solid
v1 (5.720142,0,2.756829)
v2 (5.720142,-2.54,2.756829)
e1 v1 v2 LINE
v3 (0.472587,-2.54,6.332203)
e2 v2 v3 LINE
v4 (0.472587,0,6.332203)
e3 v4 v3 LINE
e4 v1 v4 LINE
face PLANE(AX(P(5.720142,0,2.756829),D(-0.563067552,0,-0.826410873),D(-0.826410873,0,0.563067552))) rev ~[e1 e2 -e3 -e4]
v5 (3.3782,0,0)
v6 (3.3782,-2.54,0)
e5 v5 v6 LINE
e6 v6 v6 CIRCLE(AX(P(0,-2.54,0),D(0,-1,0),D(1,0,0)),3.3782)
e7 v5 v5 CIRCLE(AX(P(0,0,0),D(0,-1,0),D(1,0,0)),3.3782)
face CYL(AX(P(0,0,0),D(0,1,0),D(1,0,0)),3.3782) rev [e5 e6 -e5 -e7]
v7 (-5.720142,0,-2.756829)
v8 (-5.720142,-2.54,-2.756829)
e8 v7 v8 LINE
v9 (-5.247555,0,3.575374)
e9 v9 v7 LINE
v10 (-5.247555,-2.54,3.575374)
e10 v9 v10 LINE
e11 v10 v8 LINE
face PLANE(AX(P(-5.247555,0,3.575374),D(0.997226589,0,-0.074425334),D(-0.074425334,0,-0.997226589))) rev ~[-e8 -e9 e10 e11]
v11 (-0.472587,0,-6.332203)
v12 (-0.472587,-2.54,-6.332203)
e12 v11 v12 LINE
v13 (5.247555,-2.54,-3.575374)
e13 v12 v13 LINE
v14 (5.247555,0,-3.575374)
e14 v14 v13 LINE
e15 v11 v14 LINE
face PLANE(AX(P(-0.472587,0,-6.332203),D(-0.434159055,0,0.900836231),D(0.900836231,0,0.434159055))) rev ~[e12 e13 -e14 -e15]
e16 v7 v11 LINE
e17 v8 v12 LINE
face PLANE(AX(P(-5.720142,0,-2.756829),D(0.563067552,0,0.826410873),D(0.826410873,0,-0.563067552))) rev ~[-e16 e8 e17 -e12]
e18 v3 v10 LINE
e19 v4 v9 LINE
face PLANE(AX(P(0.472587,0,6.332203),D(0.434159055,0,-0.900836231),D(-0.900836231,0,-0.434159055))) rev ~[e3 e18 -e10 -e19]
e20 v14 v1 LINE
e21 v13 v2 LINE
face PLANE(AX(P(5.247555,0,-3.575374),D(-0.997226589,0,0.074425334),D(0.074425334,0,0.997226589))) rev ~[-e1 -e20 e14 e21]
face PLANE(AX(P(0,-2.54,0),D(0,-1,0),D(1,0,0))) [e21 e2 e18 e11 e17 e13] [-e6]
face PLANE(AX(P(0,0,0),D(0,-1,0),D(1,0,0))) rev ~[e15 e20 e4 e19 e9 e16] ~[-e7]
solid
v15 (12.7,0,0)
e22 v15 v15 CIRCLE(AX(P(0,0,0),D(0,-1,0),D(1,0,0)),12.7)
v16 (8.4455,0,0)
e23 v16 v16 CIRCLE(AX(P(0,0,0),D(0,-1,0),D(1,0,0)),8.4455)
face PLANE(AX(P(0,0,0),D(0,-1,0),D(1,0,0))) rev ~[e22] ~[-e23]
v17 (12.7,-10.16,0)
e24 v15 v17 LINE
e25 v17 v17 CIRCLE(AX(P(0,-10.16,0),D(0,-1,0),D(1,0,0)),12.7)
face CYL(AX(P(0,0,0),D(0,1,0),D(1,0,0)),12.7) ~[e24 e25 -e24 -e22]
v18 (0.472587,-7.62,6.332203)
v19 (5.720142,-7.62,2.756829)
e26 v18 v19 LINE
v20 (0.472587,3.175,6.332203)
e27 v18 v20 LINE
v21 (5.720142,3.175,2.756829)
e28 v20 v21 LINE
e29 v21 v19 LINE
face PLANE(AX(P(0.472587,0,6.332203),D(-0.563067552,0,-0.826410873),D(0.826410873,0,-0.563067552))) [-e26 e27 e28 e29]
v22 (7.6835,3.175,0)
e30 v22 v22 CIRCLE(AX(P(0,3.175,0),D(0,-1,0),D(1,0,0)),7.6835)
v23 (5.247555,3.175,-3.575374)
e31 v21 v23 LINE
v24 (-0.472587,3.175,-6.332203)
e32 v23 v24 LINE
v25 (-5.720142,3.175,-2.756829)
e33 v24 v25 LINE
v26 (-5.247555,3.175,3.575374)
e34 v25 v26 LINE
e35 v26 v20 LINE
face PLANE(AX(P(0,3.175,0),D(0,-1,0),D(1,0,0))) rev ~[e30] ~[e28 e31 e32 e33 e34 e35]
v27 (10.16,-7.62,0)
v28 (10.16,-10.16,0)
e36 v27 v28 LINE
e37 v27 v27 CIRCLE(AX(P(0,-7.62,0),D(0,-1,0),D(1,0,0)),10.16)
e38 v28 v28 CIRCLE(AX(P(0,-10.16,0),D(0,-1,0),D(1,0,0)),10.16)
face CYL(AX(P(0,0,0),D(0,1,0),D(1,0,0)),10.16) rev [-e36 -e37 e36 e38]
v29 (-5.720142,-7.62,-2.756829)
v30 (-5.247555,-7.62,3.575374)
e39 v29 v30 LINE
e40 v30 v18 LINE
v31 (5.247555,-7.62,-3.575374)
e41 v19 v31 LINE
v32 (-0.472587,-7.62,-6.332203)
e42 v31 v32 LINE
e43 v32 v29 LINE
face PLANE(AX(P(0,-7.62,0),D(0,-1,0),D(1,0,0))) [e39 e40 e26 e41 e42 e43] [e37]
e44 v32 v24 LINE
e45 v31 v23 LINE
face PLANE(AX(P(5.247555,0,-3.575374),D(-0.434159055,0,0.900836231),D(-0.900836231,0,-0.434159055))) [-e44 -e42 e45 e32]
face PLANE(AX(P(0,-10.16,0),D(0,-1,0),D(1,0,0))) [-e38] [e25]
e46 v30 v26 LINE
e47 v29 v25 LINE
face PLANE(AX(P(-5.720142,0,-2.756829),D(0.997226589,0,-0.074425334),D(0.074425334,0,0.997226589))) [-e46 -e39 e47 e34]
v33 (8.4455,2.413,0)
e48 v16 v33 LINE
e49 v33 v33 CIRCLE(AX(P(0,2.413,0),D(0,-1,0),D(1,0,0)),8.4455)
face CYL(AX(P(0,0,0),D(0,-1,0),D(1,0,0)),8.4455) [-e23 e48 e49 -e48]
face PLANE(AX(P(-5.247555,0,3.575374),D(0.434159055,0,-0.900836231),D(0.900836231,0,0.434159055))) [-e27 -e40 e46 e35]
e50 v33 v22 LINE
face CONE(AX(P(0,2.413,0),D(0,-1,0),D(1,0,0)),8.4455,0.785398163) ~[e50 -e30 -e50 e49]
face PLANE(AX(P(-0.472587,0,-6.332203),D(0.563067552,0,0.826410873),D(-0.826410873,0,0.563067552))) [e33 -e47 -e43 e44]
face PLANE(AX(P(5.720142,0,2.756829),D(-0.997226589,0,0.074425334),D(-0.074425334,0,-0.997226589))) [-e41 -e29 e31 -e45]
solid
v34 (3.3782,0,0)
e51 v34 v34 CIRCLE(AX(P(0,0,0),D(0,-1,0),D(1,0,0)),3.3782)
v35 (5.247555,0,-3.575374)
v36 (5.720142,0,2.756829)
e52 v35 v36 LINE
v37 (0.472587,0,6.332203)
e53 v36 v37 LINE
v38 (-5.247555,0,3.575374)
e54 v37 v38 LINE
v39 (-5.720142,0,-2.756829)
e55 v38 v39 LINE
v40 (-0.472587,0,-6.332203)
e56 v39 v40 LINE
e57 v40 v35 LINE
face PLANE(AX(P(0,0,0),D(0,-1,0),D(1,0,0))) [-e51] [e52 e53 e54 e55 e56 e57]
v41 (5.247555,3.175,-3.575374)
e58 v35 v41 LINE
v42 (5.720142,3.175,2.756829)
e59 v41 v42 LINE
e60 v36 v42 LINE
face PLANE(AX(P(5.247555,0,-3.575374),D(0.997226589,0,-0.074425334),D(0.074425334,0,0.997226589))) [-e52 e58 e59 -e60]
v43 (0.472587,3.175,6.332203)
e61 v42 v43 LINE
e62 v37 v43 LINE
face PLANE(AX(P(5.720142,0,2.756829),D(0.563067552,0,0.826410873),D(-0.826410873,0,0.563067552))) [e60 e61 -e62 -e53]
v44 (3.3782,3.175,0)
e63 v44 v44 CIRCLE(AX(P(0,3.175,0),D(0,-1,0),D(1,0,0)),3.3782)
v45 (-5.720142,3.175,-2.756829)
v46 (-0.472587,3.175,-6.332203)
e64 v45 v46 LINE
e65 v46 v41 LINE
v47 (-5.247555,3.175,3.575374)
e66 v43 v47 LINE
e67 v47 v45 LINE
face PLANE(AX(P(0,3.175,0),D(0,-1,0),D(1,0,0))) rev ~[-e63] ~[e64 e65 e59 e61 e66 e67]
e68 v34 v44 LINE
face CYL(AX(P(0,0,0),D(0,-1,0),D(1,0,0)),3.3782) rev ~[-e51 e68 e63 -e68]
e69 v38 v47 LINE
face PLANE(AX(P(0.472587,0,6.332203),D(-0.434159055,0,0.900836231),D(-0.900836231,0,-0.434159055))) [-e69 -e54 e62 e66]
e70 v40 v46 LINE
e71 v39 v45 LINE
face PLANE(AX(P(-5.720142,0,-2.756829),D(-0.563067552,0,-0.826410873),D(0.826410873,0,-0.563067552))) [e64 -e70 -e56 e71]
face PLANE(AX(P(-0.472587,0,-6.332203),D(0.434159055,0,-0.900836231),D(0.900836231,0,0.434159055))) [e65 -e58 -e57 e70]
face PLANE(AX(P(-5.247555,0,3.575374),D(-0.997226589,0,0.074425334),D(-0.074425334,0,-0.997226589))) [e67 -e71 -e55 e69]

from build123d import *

# Parameters (mm, degrees)
F0_R     = 12.7
F0_R_2   = 10.16
F1_DEPTH = 10.16
F0_R_3   = 8.4455
F2_DEPTH = 7.62
F3_DEPTH = 7.62
F4_DEPTH = 3.175
F0_R_4   = 3.3782
F5_DEPTH = 3.175
F6_DEPTH = 2.54
F7_SIZE  = 0.762


with BuildPart() as f1:
    # F0 (on Front) → F1 (new body)
    with BuildSketch(Plane.XZ):
        Circle(F0_R)
        Circle(F0_R_2, mode=Mode.SUBTRACT)
    extrude(amount=F1_DEPTH)

    # F0 (on Front) → F2 (join)
    with BuildSketch(Plane.XZ):
        Circle(F0_R_2)
        Circle(F0_R_3, mode=Mode.SUBTRACT)
    extrude(amount=F2_DEPTH)

    # F0 (on Front) → F3 (join)
    with BuildSketch(Plane.XZ):
        Circle(F0_R_3)
        Polygon((5.720142, 2.756829), (5.247555, -3.575374), (-0.472587, -6.332203), (-5.720142, -2.756829), (-5.247555, 3.575374), (0.472587, 6.332203), align=None, mode=Mode.SUBTRACT)
    extrude(amount=F3_DEPTH)

    # F0 (on Front) → F4 (join)
    with BuildSketch(Plane.XZ):
        Circle(F0_R_3)
        Polygon((5.720142, 2.756829), (5.247555, -3.575374), (-0.472587, -6.332203), (-5.720142, -2.756829), (-5.247555, 3.575374), (0.472587, 6.332203), align=None, mode=Mode.SUBTRACT)
    extrude(amount=-F4_DEPTH)

    # F7
    f7_edges = [f1.edges().sort_by_distance(p)[0] for p in [
        (-8.4455, 3.175, 0),
    ]]
    chamfer(f7_edges, length=F7_SIZE)


with BuildPart() as f5:
    # F0 (on Front) → F5 (new body)
    with BuildSketch(Plane.XZ):
        Polygon((-0.472587, -6.332203), (5.247555, -3.575374), (5.720142, 2.756829), (0.472587, 6.332203), (-5.247555, 3.575374), (-5.720142, -2.756829), align=None)
        Circle(F0_R_4, mode=Mode.SUBTRACT)
    extrude(amount=-F5_DEPTH)


with BuildPart() as f6:
    # F0 (on Front) → F6 (new body)
    with BuildSketch(Plane.XZ):
        Polygon((-0.472587, -6.332203), (5.247555, -3.575374), (5.720142, 2.756829), (0.472587, 6.332203), (-5.247555, 3.575374), (-5.720142, -2.756829), align=None)
        Circle(F0_R_4, mode=Mode.SUBTRACT)
    extrude(amount=F6_DEPTH)


solid = Compound([f1.part, f5.part, f6.part])
